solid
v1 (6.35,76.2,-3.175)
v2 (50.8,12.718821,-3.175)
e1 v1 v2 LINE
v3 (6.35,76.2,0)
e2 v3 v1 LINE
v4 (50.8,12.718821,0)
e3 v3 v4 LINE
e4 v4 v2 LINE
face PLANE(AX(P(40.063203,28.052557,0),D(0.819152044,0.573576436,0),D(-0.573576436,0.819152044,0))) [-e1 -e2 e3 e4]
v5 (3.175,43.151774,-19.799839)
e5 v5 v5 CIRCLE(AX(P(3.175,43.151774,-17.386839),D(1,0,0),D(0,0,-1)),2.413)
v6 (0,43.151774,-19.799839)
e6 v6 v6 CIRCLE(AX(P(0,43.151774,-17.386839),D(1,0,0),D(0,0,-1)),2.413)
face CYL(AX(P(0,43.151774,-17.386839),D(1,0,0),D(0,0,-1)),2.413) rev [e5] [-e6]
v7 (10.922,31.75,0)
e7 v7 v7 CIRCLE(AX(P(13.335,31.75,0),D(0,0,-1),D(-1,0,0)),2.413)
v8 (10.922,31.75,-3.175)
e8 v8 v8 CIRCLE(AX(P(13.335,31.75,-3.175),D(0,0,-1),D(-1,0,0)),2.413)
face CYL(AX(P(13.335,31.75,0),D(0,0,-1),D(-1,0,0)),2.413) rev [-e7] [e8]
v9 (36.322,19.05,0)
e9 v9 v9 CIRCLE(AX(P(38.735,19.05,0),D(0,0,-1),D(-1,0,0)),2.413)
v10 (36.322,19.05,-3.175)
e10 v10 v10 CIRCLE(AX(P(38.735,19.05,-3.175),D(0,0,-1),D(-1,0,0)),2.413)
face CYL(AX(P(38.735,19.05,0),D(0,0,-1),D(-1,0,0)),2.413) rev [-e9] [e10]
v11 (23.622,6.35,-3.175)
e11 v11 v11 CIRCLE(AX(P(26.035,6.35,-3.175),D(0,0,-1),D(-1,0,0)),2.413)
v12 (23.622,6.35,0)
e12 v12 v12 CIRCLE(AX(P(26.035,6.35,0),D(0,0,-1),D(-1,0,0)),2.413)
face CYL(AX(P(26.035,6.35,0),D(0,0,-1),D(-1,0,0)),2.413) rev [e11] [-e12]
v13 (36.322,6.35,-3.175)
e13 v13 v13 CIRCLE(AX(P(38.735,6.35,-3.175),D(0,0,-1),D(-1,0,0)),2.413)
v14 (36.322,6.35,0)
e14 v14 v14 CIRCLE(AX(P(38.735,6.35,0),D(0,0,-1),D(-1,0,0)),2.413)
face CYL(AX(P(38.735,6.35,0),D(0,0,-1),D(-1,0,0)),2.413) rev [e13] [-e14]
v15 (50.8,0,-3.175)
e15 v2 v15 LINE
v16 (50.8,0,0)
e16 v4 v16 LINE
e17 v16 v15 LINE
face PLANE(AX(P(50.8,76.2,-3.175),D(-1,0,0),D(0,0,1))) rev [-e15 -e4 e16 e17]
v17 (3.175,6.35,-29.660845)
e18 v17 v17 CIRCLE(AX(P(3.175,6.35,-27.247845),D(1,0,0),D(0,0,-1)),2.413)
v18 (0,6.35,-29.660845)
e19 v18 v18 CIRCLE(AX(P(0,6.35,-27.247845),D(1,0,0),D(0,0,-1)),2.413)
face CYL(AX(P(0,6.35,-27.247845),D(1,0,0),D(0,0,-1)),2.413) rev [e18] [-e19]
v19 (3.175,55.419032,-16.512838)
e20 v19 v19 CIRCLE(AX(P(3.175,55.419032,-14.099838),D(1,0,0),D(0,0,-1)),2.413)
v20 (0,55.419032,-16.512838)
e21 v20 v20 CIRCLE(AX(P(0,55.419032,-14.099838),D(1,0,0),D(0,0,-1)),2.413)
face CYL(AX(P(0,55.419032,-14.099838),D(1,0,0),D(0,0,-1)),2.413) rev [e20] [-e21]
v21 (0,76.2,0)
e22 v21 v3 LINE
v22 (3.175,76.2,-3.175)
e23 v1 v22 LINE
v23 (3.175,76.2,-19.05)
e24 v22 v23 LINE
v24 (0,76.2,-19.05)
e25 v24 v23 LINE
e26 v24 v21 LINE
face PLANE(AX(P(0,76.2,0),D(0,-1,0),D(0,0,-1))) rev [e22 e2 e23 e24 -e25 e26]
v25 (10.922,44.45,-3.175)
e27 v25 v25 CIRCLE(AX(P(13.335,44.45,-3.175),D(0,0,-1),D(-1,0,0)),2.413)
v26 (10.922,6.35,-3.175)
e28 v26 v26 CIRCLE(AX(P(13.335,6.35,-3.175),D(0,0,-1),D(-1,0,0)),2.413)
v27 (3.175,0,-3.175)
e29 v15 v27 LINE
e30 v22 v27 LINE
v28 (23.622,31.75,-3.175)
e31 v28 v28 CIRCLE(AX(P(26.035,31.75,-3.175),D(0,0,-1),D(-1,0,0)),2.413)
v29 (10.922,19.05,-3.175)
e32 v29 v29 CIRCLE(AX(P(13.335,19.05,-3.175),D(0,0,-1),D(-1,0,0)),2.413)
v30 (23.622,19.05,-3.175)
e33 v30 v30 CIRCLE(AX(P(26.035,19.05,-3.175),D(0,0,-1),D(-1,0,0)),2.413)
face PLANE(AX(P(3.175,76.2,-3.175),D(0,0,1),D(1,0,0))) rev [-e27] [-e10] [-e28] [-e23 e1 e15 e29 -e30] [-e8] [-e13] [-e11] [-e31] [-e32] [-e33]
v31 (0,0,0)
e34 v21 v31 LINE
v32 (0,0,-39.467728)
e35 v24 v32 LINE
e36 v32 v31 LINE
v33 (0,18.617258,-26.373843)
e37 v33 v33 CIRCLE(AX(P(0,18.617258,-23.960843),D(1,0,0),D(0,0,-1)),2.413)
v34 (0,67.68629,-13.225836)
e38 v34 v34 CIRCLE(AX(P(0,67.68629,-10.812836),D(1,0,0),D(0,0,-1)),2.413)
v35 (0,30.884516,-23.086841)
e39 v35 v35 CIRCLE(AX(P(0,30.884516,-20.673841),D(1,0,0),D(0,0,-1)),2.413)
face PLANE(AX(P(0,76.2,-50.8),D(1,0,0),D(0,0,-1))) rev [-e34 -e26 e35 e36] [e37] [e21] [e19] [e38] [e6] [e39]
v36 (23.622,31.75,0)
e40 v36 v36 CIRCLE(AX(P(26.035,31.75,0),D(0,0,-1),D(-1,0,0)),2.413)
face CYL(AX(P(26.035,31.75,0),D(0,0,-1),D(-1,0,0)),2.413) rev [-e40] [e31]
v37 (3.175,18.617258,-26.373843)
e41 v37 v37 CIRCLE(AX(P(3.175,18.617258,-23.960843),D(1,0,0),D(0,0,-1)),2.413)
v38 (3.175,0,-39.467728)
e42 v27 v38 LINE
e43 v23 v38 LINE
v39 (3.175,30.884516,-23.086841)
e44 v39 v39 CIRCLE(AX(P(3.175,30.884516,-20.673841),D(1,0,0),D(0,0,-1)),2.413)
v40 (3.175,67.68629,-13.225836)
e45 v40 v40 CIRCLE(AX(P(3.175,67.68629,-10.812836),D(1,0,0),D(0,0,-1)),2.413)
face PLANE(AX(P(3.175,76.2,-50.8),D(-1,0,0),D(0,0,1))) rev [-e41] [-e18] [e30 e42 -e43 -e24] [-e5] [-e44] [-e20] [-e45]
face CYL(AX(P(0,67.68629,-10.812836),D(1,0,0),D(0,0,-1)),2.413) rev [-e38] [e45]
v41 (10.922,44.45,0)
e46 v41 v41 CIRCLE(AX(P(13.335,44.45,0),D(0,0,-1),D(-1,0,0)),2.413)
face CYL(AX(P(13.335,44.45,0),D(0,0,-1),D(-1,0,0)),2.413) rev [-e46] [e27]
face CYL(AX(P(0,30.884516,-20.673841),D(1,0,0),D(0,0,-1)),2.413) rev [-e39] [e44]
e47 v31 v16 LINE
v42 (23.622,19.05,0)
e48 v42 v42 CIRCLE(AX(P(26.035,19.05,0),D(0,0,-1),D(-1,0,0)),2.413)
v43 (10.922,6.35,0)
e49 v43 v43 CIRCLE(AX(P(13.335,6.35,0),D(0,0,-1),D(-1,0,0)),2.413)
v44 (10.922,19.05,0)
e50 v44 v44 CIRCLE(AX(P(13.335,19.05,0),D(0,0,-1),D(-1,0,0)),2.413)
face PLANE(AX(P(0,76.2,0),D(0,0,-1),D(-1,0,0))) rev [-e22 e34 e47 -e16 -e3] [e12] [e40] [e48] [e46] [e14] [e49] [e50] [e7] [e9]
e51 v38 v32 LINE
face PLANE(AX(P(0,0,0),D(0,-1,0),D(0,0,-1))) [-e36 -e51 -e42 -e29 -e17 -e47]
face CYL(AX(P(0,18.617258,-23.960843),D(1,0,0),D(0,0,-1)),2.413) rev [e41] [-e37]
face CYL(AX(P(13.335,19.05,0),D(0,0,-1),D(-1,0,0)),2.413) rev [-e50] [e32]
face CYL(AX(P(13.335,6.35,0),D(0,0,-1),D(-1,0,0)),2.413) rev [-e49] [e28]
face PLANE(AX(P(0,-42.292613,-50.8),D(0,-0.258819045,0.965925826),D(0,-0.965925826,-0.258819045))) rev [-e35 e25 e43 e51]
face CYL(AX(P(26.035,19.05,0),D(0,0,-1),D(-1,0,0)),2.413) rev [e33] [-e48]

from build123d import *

# Parameters (mm, degrees)
BOSS_EXTRUDE1_DEPTH = 76.2
SKETCH2_R           = 2.413
CUT_EXTRUDE1_DEPTH  = 3.175
SKETCH4_R           = 2.413
CUT_EXTRUDE2_DEPTH  = 104.224128115


with BuildPart() as part:
    # Sketch1 → Boss-Extrude1 (new body)
    with BuildSketch(Plane(origin=(0, 0, 0), x_dir=(1, 0, 0), z_dir=(0, 1, 0))):
        Polygon((0, 50.8), (0, 0), (50.8, 0), (50.8, 3.175), (3.175, 3.175), (3.175, 50.8), align=None)
    extrude(amount=BOSS_EXTRUDE1_DEPTH)

    # Sketch2 → Cut-Extrude1 (cut)
    with BuildSketch(Plane(origin=(0, 0, -3.175), x_dir=(-1, 0, 0), z_dir=(0, 0, -1))):
        Polygon((-50.8, 12.7188211), (-6.35, 76.2), (-50.8, 76.2), align=None)
        with Locations((-13.335, 6.35)):
            Circle(SKETCH2_R)
        with Locations((-26.035, 6.35)):
            Circle(SKETCH2_R)
        with Locations((-13.335, 19.05)):
            Circle(SKETCH2_R)
        with Locations((-13.335, 31.75)):
            Circle(SKETCH2_R)
        with Locations((-13.335, 44.45)):
            Circle(SKETCH2_R)
        with Locations((-26.035, 19.05)):
            Circle(SKETCH2_R)
        with Locations((-26.035, 31.75)):
            Circle(SKETCH2_R)
        with Locations((-38.735, 19.05)):
            Circle(SKETCH2_R)
        with Locations((-38.735, 6.35)):
            Circle(SKETCH2_R)
    extrude(amount=-CUT_EXTRUDE1_DEPTH, mode=Mode.SUBTRACT)

    # Sketch4 → Cut-Extrude2 (cut, through all)
    with BuildSketch(Plane(origin=(3.175, 0, 0), x_dir=(0, 0, -1), z_dir=(1, 0, 0))):
        with Locations((27.247845098, 6.35)):
            Circle(SKETCH4_R)
        with Locations((23.960843226, 18.617257994)):
            Circle(SKETCH4_R)
        with Locations((20.673841353, 30.884515988)):
            Circle(SKETCH4_R)
        with Locations((17.38683948, 43.151773982)):
            Circle(SKETCH4_R)
        with Locations((14.099837607, 55.419031975)):
            Circle(SKETCH4_R)
        with Locations((10.812835734, 67.686289969)):
            Circle(SKETCH4_R)
        Polygon((19.05, 76.2), (50.8, 76.2), (50.8, -42.29261314), align=None)
    extrude(amount=-CUT_EXTRUDE2_DEPTH, mode=Mode.SUBTRACT)


solid = part.part
